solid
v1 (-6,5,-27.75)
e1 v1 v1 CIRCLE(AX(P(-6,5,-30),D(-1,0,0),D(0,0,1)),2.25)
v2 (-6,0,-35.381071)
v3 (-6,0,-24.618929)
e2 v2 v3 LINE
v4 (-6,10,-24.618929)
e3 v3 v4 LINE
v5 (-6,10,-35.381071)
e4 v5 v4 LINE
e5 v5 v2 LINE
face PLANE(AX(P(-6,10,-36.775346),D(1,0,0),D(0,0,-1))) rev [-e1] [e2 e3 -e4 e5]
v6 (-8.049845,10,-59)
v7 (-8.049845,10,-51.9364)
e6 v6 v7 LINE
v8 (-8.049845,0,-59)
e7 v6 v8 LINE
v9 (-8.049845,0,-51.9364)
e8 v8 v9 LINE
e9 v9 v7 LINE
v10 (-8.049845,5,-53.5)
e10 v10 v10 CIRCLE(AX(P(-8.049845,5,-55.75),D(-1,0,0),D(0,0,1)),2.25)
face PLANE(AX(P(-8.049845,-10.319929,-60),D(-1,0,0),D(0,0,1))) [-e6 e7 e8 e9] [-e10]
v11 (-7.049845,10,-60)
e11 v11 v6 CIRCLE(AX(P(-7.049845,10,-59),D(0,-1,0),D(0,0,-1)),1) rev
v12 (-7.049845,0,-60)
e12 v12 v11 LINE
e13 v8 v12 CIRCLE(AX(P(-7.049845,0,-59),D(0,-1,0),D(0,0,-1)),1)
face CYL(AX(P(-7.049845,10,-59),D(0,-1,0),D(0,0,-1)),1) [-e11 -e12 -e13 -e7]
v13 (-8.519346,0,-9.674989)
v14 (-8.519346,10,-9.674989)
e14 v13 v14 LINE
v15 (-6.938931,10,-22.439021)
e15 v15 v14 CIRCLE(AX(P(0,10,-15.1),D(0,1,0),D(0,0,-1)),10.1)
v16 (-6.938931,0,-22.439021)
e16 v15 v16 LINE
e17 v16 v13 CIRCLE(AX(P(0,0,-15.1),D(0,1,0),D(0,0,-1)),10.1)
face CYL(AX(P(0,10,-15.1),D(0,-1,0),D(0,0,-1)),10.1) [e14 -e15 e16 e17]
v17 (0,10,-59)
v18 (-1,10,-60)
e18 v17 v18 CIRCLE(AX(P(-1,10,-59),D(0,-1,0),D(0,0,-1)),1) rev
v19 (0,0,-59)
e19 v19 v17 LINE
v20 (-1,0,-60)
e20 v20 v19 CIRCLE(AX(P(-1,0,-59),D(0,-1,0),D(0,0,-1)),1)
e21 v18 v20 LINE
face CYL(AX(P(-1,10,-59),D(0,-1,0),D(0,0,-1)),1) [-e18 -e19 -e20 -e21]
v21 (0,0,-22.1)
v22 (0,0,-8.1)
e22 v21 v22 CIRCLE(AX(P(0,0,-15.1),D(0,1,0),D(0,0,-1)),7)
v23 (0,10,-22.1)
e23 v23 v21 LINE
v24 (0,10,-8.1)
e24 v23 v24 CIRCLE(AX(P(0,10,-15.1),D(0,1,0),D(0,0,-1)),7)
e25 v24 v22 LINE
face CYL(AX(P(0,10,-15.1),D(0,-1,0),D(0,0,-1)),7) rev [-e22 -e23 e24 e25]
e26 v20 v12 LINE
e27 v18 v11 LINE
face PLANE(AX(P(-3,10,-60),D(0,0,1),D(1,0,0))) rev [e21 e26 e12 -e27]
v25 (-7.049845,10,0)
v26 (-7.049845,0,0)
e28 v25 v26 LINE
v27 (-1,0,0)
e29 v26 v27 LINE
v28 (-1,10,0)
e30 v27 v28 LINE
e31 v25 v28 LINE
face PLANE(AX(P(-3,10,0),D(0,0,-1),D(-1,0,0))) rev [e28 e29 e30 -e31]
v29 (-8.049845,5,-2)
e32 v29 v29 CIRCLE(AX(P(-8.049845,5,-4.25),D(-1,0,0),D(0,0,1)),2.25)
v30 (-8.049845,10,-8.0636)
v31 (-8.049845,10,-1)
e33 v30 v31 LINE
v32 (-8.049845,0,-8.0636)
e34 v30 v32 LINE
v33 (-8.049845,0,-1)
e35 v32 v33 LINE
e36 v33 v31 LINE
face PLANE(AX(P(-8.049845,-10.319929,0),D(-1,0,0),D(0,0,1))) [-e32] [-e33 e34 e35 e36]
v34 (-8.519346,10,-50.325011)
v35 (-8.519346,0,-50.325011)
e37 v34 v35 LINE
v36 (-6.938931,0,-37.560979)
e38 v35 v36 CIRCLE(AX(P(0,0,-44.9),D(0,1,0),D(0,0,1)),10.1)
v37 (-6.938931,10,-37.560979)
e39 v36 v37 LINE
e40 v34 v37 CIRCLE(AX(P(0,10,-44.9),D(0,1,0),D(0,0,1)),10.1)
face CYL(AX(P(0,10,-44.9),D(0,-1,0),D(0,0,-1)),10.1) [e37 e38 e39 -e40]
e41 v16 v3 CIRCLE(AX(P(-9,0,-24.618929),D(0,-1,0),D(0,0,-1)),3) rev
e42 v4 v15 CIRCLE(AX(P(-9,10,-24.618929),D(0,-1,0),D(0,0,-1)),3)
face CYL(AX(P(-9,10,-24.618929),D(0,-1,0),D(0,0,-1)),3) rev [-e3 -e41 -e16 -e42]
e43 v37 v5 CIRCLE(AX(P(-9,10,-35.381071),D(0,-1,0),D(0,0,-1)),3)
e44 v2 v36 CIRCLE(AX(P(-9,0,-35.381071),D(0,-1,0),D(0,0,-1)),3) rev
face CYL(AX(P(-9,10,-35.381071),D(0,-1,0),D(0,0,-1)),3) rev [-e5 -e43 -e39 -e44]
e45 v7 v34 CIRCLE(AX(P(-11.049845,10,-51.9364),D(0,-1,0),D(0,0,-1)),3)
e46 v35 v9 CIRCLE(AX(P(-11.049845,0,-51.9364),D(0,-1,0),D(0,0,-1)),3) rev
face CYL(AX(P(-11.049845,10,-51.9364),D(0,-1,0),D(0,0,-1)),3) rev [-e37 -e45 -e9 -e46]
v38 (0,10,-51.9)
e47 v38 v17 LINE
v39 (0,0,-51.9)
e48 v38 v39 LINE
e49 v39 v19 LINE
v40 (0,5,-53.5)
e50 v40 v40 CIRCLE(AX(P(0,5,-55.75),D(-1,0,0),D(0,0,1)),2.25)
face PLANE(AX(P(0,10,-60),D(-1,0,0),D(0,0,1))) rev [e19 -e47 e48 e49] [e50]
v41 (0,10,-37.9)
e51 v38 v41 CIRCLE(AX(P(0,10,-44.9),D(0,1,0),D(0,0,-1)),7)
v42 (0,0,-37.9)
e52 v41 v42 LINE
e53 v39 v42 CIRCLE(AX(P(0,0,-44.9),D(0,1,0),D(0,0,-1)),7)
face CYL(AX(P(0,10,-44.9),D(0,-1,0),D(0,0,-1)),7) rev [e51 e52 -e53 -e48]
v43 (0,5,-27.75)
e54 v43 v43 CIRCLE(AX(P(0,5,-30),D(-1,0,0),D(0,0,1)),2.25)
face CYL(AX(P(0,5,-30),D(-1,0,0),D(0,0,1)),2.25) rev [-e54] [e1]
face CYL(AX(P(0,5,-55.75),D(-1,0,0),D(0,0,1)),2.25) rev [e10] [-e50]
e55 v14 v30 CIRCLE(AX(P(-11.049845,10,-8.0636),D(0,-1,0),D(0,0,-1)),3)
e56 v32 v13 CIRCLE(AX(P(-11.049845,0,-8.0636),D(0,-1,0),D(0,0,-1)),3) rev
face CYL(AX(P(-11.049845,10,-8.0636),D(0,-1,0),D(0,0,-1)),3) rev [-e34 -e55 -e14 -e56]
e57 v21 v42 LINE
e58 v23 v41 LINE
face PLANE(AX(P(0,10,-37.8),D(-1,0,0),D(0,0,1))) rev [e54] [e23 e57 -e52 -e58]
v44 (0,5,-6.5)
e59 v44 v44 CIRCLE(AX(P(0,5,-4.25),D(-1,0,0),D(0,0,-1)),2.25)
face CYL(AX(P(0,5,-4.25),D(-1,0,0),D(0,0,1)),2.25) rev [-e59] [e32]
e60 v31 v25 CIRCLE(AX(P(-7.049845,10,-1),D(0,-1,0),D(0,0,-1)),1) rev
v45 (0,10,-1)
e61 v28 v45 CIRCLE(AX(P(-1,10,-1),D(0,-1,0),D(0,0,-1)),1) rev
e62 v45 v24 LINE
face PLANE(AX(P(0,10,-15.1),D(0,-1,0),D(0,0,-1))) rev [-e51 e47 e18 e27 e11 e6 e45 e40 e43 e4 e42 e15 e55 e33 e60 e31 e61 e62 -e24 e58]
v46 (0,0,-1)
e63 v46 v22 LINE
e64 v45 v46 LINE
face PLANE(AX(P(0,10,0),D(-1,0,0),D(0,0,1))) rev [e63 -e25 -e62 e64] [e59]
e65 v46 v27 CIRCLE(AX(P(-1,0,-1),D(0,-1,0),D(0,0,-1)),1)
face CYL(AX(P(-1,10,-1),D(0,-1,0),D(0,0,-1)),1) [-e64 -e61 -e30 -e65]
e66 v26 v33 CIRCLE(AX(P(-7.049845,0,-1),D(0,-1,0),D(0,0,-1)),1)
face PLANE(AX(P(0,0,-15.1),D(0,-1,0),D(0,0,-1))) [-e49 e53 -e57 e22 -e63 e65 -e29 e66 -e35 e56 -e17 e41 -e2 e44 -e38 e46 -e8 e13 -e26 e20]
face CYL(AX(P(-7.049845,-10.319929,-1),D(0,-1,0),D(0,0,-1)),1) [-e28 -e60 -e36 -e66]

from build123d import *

# Parameters (mm, degrees)
EXTRUDE_1_DEPTH          = 10
EXTRUDE_2_DEPTH          = 10
SKETCH_3_R               = 2.25
CUT_EXTRUDE_1_DEPTH      = 5.049845
CUT_EXTRUDE_1_DEPTH_BACK = 4
EXTRUDE_4_DEPTH          = 10
SKETCH_4_R               = 2.25
CUT_EXTRUDE_2_DEPTH      = 7
FILLET_1_R               = 3
FILLET_2_R               = 1
EXTRUDE_3_DEPTH          = 10
FILLET_3_R               = 1


with BuildPart() as part:
    # Эскиз1 → Бобышка-Вытянуть1 (new body)
    with BuildSketch(Plane(origin=(0, 0, 0), x_dir=(1, 0, 0), z_dir=(0, 1, 0))):
        with BuildLine():
            Line((0, 0), (0, 8))
            ThreePointArc((0, 8), (-7.1, 15.1), (0, 22.2))
            Line((0, 22.2), (0, 37.8))
            ThreePointArc((0, 37.8), (-7.1, 44.9), (0, 52))
            Line((0, 52), (0, 60))
            Line((0, 60), (-3, 60))
            Line((-3, 60), (-3, 54.544169223))
            ThreePointArc((-3, 54.544169223), (-10.1, 44.9), (-3, 35.255830777))
            Line((-3, 35.255830777), (-3, 24.744169223))
            ThreePointArc((-3, 24.744169223), (-10.1, 15.1), (-3, 5.455830777))
            Line((-3, 5.455830777), (-3, 0))
            Line((-3, 0), (0, 0))
        make_face()
    extrude(amount=EXTRUDE_1_DEPTH)

    # Эскиз2 → Бобышка-Вытянуть2 (add)
    with BuildSketch(Plane(origin=(0, 10, 0), x_dir=(1, 0, 0), z_dir=(0, 1, 0))):
        with BuildLine():
            Line((-3, 60), (-8.049844719, 60))
            Line((-8.049844719, 60), (-8.049844719, 51))
            ThreePointArc((-8.049844719, 51), (-5.802159163, 53.167100402), (-3, 54.544169223))
            Line((-3, 54.544169223), (-3, 60))
        make_face()
        with BuildLine():
            Line((-3, 0), (-3, 5.455830777))
            ThreePointArc((-3, 5.455830777), (-5.802159163, 6.832899598), (-8.049844719, 9))
            Line((-8.049844719, 9), (-8.049844719, 0))
            Line((-8.049844719, 0), (-3, 0))
        make_face()
    extrude(amount=-EXTRUDE_2_DEPTH)

    # Эскиз3 → Вырез-Вытянуть1 (cut, two sides)
    with BuildSketch(Plane.ZY.offset(3)) as cut_extrude_1_sk:
        with Locations((-55.75, 5)):
            Circle(SKETCH_3_R)
        with Locations((-4.25, 5)):
            Circle(SKETCH_3_R)
    extrude(amount=CUT_EXTRUDE_1_DEPTH, mode=Mode.SUBTRACT)
    extrude(cut_extrude_1_sk.sketch, amount=-CUT_EXTRUDE_1_DEPTH_BACK, mode=Mode.SUBTRACT)

    # Эскиз7 → Бобышка-Вытянуть4 (add, through all)
    with BuildSketch(Plane(origin=(-3, 0, 0), x_dir=(0, 0, 1), z_dir=(0, 1, 0))):
        with BuildLine():
            Line((-36.775346161, -3), (-23.224653839, -3))
            ThreePointArc((-23.224653839, -3), (-24.11014807, -1.563686202), (-24.744169223, 0))
            Line((-24.744169223, 0), (-35.255830777, 0))
            ThreePointArc((-35.255830777, 0), (-35.88985193, -1.563686202), (-36.775346161, -3))
        make_face()
    extrude(amount=EXTRUDE_4_DEPTH)

    # Эскиз4 → Вырез-Вытянуть2 (cut, through all)
    with BuildSketch(Plane.ZY.offset(6)):
        with Locations((-30, 5)):
            Circle(SKETCH_4_R)
    extrude(amount=-CUT_EXTRUDE_2_DEPTH, mode=Mode.SUBTRACT)

    # Скругление1
    fillet_1_edges = [part.edges().sort_by_distance(p)[0] for p in [
        (-8.049844719, 5, -51),
        (-8.049844719, 5, -9),
        (-6, 5, -36.775346161),
        (-6, 5, -23.224653839),
    ]]
    fillet(fillet_1_edges, radius=FILLET_1_R)

    # Скругление2
    fillet_2_edges = [part.edges().sort_by_distance(p)[0] for p in [
        (-8.049844719, 5, -60),
        (-8.049844719, 5, 0),
    ]]
    fillet(fillet_2_edges, radius=FILLET_2_R)

    # Эскиз5 → Бобышка-Вытянуть3 (add, through all)
    with BuildSketch(Plane.XZ):
        with BuildLine():
            Line((0, -8), (0, -8.1))
            ThreePointArc((0, -8.1), (-7, -15.1), (0, -22.1))
            Line((0, -22.1), (0, -22.2))
            ThreePointArc((0, -22.2), (-7.1, -15.1), (0, -8))
        make_face()
        with BuildLine():
            Line((0, -51.9), (0, -52))
            ThreePointArc((0, -52), (-7.1, -44.9), (0, -37.8))
            Line((0, -37.8), (0, -37.9))
            ThreePointArc((0, -37.9), (-7, -44.9), (0, -51.9))
        make_face()
    extrude(amount=-EXTRUDE_3_DEPTH)

    # Скругление3
    fillet_3_edges = [part.edges().sort_by_distance(p)[0] for p in [
        (0, 5, -60),
        (0, 5, 0),
    ]]
    fillet(fillet_3_edges, radius=FILLET_3_R)


solid = part.part
